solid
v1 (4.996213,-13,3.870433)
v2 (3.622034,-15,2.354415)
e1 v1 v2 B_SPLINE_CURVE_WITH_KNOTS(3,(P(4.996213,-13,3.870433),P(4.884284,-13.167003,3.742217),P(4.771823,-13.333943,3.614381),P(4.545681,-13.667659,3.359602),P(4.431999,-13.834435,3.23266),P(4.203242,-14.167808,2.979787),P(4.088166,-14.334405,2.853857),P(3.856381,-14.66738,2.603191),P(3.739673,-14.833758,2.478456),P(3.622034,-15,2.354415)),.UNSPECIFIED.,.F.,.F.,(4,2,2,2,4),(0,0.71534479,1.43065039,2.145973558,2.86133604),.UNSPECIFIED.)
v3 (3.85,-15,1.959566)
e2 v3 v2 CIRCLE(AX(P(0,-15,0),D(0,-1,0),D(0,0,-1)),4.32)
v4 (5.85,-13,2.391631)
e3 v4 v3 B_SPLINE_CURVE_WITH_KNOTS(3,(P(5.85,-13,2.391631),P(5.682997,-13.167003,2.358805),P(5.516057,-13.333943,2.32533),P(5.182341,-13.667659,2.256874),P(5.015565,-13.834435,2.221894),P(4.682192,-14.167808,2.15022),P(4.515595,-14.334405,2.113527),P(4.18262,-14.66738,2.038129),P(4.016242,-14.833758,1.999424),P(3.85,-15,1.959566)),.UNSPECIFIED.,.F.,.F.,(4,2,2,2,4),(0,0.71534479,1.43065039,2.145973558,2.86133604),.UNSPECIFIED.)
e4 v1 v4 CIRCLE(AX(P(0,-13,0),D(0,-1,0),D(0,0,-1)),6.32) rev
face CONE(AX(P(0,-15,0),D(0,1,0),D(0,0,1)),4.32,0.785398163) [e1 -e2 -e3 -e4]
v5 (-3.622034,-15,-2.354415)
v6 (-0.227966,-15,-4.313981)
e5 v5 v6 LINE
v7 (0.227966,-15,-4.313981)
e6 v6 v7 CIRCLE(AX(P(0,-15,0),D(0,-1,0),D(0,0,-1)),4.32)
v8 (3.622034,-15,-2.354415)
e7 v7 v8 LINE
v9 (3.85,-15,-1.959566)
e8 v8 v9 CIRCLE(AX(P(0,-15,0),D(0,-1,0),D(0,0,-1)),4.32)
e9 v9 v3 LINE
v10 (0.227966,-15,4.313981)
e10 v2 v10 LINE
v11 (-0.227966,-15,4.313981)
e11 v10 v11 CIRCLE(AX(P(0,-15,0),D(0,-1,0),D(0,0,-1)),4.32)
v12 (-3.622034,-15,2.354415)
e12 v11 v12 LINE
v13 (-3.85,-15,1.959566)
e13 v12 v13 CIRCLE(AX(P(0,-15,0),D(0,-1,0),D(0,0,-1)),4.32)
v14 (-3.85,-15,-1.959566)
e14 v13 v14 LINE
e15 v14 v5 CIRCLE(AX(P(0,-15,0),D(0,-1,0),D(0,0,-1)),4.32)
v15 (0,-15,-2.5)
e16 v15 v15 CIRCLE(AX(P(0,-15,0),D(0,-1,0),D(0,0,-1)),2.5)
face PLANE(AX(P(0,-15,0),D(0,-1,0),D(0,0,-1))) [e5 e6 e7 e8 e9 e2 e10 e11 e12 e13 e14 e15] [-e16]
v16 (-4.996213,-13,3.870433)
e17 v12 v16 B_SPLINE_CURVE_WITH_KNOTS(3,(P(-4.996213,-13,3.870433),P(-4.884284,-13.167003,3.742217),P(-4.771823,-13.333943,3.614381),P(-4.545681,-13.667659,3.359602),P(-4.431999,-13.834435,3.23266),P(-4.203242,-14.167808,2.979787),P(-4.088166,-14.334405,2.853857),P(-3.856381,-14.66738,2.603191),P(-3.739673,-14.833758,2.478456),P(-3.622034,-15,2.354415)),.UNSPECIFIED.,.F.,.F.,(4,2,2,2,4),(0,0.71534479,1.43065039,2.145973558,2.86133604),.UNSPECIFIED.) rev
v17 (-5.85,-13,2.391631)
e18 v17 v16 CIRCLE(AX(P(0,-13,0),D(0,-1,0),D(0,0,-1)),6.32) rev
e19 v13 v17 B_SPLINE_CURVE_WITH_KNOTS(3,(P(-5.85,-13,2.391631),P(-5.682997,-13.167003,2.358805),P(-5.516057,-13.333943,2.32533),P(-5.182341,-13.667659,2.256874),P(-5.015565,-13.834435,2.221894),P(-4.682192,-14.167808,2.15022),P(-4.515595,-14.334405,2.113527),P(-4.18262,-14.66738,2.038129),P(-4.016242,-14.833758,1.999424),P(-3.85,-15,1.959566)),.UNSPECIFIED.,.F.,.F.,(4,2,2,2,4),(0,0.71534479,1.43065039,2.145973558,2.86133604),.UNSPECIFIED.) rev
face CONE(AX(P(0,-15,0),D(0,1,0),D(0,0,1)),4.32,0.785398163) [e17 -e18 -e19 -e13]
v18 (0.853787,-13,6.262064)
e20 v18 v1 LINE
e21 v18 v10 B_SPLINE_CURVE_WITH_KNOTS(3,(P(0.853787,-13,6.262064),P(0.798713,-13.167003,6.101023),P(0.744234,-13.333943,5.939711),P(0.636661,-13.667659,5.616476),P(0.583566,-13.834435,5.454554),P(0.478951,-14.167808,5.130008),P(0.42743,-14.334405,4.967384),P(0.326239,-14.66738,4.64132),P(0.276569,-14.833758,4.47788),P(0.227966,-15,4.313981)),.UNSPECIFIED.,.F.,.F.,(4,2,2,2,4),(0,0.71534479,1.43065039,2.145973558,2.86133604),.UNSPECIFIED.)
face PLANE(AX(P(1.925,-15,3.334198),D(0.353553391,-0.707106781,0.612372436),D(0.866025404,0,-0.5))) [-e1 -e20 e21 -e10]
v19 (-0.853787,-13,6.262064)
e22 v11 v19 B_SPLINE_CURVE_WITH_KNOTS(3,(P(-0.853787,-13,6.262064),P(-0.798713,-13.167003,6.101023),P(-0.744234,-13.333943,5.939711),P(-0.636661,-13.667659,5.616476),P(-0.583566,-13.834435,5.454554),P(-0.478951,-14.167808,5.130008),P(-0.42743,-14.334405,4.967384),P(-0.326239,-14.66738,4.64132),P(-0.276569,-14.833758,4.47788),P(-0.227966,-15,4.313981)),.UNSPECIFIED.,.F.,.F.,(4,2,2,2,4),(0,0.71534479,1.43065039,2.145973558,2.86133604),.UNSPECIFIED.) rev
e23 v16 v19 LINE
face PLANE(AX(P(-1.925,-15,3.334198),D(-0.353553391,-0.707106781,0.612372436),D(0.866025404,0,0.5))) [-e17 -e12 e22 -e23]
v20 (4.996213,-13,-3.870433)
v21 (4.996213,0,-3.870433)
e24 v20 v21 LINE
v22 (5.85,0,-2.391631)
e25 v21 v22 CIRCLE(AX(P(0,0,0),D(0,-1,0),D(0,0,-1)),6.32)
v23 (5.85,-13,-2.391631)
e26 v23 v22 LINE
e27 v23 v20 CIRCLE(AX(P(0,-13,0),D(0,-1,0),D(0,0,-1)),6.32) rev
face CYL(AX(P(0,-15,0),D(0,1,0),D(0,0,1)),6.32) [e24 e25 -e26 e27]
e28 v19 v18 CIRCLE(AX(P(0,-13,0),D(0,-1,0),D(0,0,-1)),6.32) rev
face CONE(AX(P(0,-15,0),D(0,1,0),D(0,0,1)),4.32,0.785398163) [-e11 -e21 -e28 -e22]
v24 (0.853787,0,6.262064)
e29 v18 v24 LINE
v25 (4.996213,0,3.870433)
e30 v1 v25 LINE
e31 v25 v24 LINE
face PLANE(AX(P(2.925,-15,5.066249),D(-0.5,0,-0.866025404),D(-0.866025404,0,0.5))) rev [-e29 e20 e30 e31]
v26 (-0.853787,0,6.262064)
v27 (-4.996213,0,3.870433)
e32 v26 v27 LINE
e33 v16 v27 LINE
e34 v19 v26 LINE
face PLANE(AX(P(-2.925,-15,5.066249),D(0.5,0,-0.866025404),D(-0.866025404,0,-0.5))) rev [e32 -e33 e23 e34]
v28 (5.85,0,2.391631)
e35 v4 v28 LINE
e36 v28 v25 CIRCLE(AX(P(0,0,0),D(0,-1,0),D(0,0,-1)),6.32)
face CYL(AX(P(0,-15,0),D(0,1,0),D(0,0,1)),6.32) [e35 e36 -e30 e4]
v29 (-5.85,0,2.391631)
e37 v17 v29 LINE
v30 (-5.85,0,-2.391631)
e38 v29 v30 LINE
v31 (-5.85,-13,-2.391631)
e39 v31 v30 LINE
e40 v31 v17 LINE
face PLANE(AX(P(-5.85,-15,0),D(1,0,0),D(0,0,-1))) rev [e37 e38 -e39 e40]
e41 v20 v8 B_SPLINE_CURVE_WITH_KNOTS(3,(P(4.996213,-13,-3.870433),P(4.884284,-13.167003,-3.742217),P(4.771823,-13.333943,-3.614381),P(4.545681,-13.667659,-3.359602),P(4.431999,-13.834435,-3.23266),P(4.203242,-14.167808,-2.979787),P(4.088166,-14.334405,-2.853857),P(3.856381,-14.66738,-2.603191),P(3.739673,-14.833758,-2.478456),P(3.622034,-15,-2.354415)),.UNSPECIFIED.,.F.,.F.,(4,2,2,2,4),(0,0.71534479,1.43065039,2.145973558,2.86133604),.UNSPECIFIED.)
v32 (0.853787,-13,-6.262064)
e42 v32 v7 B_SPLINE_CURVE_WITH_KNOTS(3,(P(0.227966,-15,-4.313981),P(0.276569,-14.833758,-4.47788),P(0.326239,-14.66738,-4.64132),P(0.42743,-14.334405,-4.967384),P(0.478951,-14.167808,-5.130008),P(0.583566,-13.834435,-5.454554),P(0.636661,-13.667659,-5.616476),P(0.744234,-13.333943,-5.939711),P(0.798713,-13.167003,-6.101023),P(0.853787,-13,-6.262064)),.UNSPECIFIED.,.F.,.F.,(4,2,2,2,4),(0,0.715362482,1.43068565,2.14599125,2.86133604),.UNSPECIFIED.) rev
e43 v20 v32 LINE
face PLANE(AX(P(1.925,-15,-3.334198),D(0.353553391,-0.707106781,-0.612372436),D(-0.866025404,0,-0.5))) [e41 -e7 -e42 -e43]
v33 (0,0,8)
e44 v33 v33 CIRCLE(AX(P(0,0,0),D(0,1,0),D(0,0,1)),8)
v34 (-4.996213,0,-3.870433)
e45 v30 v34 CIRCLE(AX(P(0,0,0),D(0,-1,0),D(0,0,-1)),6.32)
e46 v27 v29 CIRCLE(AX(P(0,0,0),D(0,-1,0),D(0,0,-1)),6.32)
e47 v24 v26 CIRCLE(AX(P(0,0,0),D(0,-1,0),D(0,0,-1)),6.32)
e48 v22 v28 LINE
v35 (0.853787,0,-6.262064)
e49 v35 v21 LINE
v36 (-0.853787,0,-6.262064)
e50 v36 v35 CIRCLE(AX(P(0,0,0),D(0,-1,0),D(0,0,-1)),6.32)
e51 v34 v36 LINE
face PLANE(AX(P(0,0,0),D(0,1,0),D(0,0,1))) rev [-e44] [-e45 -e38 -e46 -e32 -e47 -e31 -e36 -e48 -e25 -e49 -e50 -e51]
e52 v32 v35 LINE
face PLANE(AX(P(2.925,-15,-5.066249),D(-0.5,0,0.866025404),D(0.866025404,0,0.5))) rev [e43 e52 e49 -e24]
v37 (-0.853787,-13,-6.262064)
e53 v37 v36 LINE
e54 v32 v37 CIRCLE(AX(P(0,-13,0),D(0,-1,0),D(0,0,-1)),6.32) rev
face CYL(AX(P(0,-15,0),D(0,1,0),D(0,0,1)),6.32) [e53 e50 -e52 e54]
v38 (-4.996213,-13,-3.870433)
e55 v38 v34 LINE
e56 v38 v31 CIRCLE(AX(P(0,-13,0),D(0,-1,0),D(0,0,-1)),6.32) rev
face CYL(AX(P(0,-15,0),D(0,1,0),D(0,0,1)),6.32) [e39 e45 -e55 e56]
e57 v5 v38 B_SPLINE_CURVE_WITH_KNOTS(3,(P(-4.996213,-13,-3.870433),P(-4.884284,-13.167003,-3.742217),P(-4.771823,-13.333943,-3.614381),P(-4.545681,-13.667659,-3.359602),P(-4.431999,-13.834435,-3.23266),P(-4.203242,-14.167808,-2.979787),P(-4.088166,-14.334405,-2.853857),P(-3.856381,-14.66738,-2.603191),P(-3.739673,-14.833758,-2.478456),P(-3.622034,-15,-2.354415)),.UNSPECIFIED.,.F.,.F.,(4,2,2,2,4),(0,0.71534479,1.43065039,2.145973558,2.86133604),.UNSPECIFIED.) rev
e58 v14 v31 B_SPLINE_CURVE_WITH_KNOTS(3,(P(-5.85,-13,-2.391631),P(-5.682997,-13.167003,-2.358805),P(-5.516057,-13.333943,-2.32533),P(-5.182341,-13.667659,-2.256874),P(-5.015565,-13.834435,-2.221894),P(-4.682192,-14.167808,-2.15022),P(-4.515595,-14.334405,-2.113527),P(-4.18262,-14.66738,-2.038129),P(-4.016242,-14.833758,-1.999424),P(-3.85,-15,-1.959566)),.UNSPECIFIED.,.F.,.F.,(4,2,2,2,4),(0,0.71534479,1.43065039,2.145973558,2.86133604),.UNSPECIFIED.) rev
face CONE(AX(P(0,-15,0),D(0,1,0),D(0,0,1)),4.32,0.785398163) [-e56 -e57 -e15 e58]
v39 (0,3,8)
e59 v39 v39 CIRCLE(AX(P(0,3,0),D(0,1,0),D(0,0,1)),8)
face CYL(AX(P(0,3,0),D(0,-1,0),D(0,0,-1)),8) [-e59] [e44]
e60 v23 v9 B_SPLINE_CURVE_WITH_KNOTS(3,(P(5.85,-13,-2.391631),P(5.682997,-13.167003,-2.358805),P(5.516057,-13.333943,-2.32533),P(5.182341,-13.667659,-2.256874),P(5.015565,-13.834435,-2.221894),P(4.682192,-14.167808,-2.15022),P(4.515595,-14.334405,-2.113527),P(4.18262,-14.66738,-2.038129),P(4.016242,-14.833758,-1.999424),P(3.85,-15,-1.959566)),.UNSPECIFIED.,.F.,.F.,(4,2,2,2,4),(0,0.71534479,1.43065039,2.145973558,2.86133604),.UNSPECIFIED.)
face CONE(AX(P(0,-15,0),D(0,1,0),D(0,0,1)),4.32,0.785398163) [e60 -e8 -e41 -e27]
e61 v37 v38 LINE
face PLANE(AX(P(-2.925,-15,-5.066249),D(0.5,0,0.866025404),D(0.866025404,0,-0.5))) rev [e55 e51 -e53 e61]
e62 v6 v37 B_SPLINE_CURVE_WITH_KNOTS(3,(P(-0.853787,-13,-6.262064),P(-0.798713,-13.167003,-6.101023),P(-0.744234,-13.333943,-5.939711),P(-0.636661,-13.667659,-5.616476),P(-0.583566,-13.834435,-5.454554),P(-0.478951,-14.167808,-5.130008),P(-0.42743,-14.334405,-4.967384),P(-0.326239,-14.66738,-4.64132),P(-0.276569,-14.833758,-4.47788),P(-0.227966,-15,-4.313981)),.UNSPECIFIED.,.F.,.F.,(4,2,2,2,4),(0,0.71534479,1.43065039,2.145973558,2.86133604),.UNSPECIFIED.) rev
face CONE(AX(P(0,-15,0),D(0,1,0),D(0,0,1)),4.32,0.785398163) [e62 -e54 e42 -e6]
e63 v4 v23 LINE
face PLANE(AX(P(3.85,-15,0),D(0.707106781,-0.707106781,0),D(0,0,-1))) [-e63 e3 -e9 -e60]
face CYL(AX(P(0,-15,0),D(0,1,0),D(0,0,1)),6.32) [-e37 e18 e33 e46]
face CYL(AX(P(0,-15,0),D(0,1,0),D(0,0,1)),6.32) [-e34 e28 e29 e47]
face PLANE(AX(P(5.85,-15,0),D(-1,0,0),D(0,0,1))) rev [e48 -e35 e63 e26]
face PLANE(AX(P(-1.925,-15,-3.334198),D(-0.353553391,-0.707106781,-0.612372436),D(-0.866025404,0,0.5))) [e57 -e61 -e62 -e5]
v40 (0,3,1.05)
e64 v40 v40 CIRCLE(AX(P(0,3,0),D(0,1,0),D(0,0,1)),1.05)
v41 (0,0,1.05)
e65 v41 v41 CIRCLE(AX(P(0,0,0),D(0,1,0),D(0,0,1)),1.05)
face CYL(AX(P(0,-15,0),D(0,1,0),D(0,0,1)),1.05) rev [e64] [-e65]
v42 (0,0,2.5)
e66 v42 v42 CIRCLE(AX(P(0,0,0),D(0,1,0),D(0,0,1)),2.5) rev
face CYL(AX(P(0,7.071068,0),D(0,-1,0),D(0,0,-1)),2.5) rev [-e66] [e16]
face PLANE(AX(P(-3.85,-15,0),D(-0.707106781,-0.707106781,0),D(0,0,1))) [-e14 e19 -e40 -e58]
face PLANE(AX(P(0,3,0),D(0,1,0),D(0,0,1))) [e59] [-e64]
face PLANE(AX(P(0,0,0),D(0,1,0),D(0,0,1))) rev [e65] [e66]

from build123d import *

# Parameters (mm, degrees)
SKETCH1_R           = 8
BOSS_EXTRUDE1_DEPTH = 3
BOSS_EXTRUDE2_DEPTH = 15
CHAMFER1_SIZE       = 2
SKETCH10_R          = 2.5
CUT_EXTRUDE1_DEPTH  = 15
SKETCH11_R          = 1.05
CUT_EXTRUDE3_DEPTH  = 19


with BuildPart() as part:
    # Sketch1 → Boss-Extrude1 (new body)
    with BuildSketch(Plane(origin=(0, 0, 0), x_dir=(1, 0, 0), z_dir=(0, 1, 0))):
        Circle(SKETCH1_R)
    extrude(amount=BOSS_EXTRUDE1_DEPTH)

    # Sketch9 → Boss-Extrude2 (add)
    with BuildSketch(Plane.XZ):
        with BuildLine():
            ThreePointArc((-0.853786588, -6.262064233), (0, -6.32), (0.853786588, -6.262064233))
            Line((0.853786588, -6.262064233), (4.996213412, -3.870432991))
            ThreePointArc((4.996213412, -3.870432991), (5.473280552, -3.16), (5.85, -2.391631242))
            Line((5.85, -2.391631242), (5.85, 2.391631242))
            ThreePointArc((5.85, 2.391631242), (5.473280552, 3.16), (4.996213412, 3.870432991))
            Line((4.996213412, 3.870432991), (0.853786588, 6.262064233))
            ThreePointArc((0.853786588, 6.262064233), (0, 6.32), (-0.853786588, 6.262064233))
            Line((-0.853786588, 6.262064233), (-4.996213412, 3.870432991))
            ThreePointArc((-4.996213412, 3.870432991), (-5.473280552, 3.16), (-5.85, 2.391631242))
            Line((-5.85, 2.391631242), (-5.85, -2.391631242))
            ThreePointArc((-5.85, -2.391631242), (-5.473280552, -3.16), (-4.996213412, -3.870432991))
            Line((-4.996213412, -3.870432991), (-0.853786588, -6.262064233))
        make_face()
    extrude(amount=BOSS_EXTRUDE2_DEPTH)

    # Chamfer1
    chamfer1_edges = [part.edges().sort_by_distance(p)[0] for p in [
        (2.925, -15, -5.066248612),
        (5.473280552, -15, -3.16),
        (5.85, -15, 0),
        (5.473280552, -15, 3.16),
        (2.925, -15, 5.066248612),
        (0, -15, 6.32),
        (-2.925, -15, 5.066248612),
        (-5.473280552, -15, 3.16),
        (-5.85, -15, 0),
        (-5.473280552, -15, -3.16),
        (-2.925, -15, -5.066248612),
        (0, -15, -6.32),
    ]]
    chamfer(chamfer1_edges, length=CHAMFER1_SIZE)

    # Sketch10 → Cut-Extrude1 (cut)
    with BuildSketch(Plane.XZ.offset(15)):
        Circle(SKETCH10_R)
    extrude(amount=-CUT_EXTRUDE1_DEPTH, mode=Mode.SUBTRACT)

    # Sketch11 → Cut-Extrude3 (cut, through all)
    with BuildSketch(Plane(origin=(0, 3, 0), x_dir=(1, 0, 0), z_dir=(0, 1, 0))):
        Circle(SKETCH11_R)
    extrude(amount=-CUT_EXTRUDE3_DEPTH, mode=Mode.SUBTRACT)


solid = part.part
